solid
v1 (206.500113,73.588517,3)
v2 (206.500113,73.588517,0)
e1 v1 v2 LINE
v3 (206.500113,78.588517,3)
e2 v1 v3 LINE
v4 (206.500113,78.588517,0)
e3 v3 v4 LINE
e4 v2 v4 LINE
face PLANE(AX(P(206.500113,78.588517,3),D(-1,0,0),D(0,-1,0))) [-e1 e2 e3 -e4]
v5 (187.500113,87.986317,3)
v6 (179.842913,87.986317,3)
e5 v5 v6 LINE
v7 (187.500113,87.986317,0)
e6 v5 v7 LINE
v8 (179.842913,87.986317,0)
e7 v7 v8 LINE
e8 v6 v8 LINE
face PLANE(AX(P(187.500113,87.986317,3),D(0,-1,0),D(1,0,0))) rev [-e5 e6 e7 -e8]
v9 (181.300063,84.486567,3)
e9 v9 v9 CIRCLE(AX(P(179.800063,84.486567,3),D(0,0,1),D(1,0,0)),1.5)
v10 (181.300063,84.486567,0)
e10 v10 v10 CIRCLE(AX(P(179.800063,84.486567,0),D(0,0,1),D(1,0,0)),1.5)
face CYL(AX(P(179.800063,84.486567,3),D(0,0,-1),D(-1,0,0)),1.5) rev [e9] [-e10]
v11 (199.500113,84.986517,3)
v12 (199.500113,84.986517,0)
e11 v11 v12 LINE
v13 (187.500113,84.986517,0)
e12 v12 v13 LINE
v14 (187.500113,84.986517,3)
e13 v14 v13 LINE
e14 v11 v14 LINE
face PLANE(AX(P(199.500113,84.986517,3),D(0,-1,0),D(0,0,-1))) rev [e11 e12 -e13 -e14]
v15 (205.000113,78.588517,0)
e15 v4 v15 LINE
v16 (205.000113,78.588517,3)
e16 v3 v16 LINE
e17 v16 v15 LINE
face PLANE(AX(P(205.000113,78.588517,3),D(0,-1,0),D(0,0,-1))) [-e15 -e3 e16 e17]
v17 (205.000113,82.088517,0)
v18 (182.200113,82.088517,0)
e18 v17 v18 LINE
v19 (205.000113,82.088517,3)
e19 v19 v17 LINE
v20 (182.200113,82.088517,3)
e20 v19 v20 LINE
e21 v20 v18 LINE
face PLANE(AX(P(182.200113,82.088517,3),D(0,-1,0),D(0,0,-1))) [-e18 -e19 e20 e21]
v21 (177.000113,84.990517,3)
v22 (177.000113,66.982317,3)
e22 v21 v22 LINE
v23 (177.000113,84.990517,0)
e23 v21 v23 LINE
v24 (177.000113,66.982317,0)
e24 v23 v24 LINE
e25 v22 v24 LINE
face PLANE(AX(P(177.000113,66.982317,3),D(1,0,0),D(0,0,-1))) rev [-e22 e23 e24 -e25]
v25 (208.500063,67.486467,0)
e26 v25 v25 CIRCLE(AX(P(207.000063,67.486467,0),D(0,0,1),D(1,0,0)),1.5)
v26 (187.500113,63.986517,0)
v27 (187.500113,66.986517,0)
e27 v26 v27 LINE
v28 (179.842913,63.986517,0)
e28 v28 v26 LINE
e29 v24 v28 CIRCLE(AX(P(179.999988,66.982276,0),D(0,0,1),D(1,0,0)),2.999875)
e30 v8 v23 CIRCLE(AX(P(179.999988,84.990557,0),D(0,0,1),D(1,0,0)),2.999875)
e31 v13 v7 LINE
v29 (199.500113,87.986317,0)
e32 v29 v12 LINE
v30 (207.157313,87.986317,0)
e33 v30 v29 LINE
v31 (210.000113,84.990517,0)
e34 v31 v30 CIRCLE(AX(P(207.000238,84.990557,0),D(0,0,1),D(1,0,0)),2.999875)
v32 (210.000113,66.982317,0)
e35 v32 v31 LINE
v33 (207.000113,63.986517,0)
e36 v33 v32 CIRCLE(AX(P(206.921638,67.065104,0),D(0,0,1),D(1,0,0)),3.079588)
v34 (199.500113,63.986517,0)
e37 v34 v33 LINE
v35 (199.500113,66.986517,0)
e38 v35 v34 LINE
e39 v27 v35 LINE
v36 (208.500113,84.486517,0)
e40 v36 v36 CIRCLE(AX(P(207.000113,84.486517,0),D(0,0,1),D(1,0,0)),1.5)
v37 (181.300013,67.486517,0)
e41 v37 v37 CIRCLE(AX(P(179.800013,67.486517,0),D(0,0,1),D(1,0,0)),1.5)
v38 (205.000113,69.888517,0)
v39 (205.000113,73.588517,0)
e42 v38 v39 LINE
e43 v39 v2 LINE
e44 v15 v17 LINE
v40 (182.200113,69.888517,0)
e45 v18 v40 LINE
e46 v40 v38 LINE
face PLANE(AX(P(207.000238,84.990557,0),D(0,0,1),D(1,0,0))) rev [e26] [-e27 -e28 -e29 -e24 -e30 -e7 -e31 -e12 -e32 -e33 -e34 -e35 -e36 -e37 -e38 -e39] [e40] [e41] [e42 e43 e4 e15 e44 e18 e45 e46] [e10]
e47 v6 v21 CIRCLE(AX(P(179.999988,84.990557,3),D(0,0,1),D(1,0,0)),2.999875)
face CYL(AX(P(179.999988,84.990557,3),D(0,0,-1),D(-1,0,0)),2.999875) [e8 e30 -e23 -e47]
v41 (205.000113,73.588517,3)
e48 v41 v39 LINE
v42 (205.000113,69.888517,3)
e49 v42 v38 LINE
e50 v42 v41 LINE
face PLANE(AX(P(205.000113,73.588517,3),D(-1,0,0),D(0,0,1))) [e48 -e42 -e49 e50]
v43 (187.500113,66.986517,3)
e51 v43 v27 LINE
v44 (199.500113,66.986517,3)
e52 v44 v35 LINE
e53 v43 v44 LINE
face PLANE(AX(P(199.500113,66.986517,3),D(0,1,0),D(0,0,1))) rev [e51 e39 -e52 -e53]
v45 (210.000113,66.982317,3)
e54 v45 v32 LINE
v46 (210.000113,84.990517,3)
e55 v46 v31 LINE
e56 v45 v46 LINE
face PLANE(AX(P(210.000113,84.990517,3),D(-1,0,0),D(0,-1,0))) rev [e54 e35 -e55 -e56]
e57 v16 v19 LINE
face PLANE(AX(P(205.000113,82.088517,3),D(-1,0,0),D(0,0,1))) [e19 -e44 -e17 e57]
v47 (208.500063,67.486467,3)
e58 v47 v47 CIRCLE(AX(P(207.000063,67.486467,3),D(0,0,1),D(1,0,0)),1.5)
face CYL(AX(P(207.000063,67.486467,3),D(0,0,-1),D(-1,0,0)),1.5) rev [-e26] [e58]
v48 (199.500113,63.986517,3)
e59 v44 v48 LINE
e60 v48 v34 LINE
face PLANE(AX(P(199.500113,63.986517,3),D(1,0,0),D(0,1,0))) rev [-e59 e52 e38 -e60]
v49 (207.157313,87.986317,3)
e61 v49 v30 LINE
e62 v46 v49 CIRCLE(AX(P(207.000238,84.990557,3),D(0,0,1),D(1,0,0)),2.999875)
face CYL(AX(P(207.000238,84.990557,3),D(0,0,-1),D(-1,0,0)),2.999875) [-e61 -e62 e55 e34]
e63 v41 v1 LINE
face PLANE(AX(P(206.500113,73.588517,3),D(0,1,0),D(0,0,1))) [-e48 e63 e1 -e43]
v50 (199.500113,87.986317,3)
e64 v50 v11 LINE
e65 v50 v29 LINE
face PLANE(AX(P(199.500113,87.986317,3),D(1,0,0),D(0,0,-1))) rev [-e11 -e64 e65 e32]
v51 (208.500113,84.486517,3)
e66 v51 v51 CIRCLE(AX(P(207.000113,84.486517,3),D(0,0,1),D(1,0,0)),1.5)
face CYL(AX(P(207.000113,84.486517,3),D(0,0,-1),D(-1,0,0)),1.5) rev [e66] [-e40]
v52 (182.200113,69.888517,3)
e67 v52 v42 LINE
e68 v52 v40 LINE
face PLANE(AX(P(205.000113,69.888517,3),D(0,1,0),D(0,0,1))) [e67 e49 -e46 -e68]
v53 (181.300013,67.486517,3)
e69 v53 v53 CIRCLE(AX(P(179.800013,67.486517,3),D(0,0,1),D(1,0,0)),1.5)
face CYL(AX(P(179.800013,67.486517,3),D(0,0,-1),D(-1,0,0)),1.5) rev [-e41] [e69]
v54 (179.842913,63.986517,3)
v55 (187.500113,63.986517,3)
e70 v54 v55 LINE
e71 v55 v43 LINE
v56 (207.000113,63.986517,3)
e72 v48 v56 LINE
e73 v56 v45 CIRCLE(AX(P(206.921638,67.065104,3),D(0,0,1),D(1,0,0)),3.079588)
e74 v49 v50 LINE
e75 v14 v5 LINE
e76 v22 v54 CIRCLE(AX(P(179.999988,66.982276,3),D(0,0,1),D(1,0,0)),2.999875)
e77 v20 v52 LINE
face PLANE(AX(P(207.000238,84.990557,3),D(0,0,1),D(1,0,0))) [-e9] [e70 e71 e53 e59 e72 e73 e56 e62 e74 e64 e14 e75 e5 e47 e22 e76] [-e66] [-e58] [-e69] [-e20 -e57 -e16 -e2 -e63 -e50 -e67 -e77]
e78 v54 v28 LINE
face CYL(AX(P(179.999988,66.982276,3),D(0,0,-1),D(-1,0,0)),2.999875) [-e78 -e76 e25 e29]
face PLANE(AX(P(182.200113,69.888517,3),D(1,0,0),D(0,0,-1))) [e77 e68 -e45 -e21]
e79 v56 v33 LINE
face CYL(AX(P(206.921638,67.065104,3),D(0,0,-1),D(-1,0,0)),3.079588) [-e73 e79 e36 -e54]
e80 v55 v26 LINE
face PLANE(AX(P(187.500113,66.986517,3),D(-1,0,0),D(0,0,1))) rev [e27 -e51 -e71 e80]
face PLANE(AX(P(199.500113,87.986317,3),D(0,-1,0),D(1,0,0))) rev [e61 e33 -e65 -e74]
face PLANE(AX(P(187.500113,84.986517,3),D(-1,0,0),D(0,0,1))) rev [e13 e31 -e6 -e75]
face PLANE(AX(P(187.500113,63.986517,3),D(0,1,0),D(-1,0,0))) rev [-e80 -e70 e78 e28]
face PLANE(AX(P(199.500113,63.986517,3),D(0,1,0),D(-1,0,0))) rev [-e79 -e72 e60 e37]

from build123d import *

# Parameters (mm, degrees)
SKETCH_1_R      = 1.500000002
SKETCH_1_R_2    = 1.5
SKETCH_1_R_3    = 1.500000008
EXTRUDE_1_DEPTH = 3


with BuildPart() as part:
    # 草圖1 → 填料-伸長1 (new body)
    with BuildSketch(Plane.XY):
        with BuildLine():
            Line((199.500112684, 87.98631657), (199.500112684, 84.98651657))
            Line((199.500112684, 84.98651657), (187.500112684, 84.98651657))
            Line((187.500112684, 84.98651657), (187.500112684, 87.98631657))
            Line((187.500112684, 87.98631657), (179.842912684, 87.98631657))
            ThreePointArc((179.842912684, 87.98631657), (177.823916024, 87.055493072), (177.000112684, 84.99051657))
            Line((177.000112684, 84.99051657), (177.000112684, 66.98231657))
            ThreePointArc((177.000112684, 66.98231657), (177.823916024, 64.917340067), (179.842912684, 63.98651657))
            Line((179.842912684, 63.98651657), (187.500112684, 63.98651657))
            Line((187.500112684, 63.98651657), (187.500112684, 66.98651657))
            Line((187.500112684, 66.98651657), (199.500112684, 66.98651657))
            Line((199.500112684, 66.98651657), (199.500112684, 63.98651657))
            Line((199.500112684, 63.98651657), (207.000112684, 63.98651657))
            ThreePointArc((207.000112684, 63.98651657), (209.097709344, 64.885982101), (210.000112684, 66.98231657))
            Line((210.000112684, 66.98231657), (210.000112685, 84.99051657))
            ThreePointArc((210.000112685, 84.99051657), (209.176309345, 87.055493072), (207.157312685, 87.98631657))
            Line((207.157312685, 87.98631657), (199.500112684, 87.98631657))
        make_face()
        with Locations((179.800012686, 67.486516568)):
            Circle(SKETCH_1_R, mode=Mode.SUBTRACT)
        with Locations((179.800062678, 84.486566583)):
            Circle(SKETCH_1_R_2, mode=Mode.SUBTRACT)
        with Locations((207.00011268, 84.486516578)):
            Circle(SKETCH_1_R_3, mode=Mode.SUBTRACT)
        with Locations((207.000062688, 67.486466573)):
            Circle(SKETCH_1_R_2, mode=Mode.SUBTRACT)
        Polygon((205.000112684, 73.588516578), (205.000112684, 69.888516578), (182.200112684, 69.888516578), (182.200112684, 82.088516578), (205.000112684, 82.088516578), (205.000112684, 78.588516578), (206.500112684, 78.588516578), (206.500112684, 73.588516578), align=None, mode=Mode.SUBTRACT)
    extrude(amount=EXTRUDE_1_DEPTH)


solid = part.part
